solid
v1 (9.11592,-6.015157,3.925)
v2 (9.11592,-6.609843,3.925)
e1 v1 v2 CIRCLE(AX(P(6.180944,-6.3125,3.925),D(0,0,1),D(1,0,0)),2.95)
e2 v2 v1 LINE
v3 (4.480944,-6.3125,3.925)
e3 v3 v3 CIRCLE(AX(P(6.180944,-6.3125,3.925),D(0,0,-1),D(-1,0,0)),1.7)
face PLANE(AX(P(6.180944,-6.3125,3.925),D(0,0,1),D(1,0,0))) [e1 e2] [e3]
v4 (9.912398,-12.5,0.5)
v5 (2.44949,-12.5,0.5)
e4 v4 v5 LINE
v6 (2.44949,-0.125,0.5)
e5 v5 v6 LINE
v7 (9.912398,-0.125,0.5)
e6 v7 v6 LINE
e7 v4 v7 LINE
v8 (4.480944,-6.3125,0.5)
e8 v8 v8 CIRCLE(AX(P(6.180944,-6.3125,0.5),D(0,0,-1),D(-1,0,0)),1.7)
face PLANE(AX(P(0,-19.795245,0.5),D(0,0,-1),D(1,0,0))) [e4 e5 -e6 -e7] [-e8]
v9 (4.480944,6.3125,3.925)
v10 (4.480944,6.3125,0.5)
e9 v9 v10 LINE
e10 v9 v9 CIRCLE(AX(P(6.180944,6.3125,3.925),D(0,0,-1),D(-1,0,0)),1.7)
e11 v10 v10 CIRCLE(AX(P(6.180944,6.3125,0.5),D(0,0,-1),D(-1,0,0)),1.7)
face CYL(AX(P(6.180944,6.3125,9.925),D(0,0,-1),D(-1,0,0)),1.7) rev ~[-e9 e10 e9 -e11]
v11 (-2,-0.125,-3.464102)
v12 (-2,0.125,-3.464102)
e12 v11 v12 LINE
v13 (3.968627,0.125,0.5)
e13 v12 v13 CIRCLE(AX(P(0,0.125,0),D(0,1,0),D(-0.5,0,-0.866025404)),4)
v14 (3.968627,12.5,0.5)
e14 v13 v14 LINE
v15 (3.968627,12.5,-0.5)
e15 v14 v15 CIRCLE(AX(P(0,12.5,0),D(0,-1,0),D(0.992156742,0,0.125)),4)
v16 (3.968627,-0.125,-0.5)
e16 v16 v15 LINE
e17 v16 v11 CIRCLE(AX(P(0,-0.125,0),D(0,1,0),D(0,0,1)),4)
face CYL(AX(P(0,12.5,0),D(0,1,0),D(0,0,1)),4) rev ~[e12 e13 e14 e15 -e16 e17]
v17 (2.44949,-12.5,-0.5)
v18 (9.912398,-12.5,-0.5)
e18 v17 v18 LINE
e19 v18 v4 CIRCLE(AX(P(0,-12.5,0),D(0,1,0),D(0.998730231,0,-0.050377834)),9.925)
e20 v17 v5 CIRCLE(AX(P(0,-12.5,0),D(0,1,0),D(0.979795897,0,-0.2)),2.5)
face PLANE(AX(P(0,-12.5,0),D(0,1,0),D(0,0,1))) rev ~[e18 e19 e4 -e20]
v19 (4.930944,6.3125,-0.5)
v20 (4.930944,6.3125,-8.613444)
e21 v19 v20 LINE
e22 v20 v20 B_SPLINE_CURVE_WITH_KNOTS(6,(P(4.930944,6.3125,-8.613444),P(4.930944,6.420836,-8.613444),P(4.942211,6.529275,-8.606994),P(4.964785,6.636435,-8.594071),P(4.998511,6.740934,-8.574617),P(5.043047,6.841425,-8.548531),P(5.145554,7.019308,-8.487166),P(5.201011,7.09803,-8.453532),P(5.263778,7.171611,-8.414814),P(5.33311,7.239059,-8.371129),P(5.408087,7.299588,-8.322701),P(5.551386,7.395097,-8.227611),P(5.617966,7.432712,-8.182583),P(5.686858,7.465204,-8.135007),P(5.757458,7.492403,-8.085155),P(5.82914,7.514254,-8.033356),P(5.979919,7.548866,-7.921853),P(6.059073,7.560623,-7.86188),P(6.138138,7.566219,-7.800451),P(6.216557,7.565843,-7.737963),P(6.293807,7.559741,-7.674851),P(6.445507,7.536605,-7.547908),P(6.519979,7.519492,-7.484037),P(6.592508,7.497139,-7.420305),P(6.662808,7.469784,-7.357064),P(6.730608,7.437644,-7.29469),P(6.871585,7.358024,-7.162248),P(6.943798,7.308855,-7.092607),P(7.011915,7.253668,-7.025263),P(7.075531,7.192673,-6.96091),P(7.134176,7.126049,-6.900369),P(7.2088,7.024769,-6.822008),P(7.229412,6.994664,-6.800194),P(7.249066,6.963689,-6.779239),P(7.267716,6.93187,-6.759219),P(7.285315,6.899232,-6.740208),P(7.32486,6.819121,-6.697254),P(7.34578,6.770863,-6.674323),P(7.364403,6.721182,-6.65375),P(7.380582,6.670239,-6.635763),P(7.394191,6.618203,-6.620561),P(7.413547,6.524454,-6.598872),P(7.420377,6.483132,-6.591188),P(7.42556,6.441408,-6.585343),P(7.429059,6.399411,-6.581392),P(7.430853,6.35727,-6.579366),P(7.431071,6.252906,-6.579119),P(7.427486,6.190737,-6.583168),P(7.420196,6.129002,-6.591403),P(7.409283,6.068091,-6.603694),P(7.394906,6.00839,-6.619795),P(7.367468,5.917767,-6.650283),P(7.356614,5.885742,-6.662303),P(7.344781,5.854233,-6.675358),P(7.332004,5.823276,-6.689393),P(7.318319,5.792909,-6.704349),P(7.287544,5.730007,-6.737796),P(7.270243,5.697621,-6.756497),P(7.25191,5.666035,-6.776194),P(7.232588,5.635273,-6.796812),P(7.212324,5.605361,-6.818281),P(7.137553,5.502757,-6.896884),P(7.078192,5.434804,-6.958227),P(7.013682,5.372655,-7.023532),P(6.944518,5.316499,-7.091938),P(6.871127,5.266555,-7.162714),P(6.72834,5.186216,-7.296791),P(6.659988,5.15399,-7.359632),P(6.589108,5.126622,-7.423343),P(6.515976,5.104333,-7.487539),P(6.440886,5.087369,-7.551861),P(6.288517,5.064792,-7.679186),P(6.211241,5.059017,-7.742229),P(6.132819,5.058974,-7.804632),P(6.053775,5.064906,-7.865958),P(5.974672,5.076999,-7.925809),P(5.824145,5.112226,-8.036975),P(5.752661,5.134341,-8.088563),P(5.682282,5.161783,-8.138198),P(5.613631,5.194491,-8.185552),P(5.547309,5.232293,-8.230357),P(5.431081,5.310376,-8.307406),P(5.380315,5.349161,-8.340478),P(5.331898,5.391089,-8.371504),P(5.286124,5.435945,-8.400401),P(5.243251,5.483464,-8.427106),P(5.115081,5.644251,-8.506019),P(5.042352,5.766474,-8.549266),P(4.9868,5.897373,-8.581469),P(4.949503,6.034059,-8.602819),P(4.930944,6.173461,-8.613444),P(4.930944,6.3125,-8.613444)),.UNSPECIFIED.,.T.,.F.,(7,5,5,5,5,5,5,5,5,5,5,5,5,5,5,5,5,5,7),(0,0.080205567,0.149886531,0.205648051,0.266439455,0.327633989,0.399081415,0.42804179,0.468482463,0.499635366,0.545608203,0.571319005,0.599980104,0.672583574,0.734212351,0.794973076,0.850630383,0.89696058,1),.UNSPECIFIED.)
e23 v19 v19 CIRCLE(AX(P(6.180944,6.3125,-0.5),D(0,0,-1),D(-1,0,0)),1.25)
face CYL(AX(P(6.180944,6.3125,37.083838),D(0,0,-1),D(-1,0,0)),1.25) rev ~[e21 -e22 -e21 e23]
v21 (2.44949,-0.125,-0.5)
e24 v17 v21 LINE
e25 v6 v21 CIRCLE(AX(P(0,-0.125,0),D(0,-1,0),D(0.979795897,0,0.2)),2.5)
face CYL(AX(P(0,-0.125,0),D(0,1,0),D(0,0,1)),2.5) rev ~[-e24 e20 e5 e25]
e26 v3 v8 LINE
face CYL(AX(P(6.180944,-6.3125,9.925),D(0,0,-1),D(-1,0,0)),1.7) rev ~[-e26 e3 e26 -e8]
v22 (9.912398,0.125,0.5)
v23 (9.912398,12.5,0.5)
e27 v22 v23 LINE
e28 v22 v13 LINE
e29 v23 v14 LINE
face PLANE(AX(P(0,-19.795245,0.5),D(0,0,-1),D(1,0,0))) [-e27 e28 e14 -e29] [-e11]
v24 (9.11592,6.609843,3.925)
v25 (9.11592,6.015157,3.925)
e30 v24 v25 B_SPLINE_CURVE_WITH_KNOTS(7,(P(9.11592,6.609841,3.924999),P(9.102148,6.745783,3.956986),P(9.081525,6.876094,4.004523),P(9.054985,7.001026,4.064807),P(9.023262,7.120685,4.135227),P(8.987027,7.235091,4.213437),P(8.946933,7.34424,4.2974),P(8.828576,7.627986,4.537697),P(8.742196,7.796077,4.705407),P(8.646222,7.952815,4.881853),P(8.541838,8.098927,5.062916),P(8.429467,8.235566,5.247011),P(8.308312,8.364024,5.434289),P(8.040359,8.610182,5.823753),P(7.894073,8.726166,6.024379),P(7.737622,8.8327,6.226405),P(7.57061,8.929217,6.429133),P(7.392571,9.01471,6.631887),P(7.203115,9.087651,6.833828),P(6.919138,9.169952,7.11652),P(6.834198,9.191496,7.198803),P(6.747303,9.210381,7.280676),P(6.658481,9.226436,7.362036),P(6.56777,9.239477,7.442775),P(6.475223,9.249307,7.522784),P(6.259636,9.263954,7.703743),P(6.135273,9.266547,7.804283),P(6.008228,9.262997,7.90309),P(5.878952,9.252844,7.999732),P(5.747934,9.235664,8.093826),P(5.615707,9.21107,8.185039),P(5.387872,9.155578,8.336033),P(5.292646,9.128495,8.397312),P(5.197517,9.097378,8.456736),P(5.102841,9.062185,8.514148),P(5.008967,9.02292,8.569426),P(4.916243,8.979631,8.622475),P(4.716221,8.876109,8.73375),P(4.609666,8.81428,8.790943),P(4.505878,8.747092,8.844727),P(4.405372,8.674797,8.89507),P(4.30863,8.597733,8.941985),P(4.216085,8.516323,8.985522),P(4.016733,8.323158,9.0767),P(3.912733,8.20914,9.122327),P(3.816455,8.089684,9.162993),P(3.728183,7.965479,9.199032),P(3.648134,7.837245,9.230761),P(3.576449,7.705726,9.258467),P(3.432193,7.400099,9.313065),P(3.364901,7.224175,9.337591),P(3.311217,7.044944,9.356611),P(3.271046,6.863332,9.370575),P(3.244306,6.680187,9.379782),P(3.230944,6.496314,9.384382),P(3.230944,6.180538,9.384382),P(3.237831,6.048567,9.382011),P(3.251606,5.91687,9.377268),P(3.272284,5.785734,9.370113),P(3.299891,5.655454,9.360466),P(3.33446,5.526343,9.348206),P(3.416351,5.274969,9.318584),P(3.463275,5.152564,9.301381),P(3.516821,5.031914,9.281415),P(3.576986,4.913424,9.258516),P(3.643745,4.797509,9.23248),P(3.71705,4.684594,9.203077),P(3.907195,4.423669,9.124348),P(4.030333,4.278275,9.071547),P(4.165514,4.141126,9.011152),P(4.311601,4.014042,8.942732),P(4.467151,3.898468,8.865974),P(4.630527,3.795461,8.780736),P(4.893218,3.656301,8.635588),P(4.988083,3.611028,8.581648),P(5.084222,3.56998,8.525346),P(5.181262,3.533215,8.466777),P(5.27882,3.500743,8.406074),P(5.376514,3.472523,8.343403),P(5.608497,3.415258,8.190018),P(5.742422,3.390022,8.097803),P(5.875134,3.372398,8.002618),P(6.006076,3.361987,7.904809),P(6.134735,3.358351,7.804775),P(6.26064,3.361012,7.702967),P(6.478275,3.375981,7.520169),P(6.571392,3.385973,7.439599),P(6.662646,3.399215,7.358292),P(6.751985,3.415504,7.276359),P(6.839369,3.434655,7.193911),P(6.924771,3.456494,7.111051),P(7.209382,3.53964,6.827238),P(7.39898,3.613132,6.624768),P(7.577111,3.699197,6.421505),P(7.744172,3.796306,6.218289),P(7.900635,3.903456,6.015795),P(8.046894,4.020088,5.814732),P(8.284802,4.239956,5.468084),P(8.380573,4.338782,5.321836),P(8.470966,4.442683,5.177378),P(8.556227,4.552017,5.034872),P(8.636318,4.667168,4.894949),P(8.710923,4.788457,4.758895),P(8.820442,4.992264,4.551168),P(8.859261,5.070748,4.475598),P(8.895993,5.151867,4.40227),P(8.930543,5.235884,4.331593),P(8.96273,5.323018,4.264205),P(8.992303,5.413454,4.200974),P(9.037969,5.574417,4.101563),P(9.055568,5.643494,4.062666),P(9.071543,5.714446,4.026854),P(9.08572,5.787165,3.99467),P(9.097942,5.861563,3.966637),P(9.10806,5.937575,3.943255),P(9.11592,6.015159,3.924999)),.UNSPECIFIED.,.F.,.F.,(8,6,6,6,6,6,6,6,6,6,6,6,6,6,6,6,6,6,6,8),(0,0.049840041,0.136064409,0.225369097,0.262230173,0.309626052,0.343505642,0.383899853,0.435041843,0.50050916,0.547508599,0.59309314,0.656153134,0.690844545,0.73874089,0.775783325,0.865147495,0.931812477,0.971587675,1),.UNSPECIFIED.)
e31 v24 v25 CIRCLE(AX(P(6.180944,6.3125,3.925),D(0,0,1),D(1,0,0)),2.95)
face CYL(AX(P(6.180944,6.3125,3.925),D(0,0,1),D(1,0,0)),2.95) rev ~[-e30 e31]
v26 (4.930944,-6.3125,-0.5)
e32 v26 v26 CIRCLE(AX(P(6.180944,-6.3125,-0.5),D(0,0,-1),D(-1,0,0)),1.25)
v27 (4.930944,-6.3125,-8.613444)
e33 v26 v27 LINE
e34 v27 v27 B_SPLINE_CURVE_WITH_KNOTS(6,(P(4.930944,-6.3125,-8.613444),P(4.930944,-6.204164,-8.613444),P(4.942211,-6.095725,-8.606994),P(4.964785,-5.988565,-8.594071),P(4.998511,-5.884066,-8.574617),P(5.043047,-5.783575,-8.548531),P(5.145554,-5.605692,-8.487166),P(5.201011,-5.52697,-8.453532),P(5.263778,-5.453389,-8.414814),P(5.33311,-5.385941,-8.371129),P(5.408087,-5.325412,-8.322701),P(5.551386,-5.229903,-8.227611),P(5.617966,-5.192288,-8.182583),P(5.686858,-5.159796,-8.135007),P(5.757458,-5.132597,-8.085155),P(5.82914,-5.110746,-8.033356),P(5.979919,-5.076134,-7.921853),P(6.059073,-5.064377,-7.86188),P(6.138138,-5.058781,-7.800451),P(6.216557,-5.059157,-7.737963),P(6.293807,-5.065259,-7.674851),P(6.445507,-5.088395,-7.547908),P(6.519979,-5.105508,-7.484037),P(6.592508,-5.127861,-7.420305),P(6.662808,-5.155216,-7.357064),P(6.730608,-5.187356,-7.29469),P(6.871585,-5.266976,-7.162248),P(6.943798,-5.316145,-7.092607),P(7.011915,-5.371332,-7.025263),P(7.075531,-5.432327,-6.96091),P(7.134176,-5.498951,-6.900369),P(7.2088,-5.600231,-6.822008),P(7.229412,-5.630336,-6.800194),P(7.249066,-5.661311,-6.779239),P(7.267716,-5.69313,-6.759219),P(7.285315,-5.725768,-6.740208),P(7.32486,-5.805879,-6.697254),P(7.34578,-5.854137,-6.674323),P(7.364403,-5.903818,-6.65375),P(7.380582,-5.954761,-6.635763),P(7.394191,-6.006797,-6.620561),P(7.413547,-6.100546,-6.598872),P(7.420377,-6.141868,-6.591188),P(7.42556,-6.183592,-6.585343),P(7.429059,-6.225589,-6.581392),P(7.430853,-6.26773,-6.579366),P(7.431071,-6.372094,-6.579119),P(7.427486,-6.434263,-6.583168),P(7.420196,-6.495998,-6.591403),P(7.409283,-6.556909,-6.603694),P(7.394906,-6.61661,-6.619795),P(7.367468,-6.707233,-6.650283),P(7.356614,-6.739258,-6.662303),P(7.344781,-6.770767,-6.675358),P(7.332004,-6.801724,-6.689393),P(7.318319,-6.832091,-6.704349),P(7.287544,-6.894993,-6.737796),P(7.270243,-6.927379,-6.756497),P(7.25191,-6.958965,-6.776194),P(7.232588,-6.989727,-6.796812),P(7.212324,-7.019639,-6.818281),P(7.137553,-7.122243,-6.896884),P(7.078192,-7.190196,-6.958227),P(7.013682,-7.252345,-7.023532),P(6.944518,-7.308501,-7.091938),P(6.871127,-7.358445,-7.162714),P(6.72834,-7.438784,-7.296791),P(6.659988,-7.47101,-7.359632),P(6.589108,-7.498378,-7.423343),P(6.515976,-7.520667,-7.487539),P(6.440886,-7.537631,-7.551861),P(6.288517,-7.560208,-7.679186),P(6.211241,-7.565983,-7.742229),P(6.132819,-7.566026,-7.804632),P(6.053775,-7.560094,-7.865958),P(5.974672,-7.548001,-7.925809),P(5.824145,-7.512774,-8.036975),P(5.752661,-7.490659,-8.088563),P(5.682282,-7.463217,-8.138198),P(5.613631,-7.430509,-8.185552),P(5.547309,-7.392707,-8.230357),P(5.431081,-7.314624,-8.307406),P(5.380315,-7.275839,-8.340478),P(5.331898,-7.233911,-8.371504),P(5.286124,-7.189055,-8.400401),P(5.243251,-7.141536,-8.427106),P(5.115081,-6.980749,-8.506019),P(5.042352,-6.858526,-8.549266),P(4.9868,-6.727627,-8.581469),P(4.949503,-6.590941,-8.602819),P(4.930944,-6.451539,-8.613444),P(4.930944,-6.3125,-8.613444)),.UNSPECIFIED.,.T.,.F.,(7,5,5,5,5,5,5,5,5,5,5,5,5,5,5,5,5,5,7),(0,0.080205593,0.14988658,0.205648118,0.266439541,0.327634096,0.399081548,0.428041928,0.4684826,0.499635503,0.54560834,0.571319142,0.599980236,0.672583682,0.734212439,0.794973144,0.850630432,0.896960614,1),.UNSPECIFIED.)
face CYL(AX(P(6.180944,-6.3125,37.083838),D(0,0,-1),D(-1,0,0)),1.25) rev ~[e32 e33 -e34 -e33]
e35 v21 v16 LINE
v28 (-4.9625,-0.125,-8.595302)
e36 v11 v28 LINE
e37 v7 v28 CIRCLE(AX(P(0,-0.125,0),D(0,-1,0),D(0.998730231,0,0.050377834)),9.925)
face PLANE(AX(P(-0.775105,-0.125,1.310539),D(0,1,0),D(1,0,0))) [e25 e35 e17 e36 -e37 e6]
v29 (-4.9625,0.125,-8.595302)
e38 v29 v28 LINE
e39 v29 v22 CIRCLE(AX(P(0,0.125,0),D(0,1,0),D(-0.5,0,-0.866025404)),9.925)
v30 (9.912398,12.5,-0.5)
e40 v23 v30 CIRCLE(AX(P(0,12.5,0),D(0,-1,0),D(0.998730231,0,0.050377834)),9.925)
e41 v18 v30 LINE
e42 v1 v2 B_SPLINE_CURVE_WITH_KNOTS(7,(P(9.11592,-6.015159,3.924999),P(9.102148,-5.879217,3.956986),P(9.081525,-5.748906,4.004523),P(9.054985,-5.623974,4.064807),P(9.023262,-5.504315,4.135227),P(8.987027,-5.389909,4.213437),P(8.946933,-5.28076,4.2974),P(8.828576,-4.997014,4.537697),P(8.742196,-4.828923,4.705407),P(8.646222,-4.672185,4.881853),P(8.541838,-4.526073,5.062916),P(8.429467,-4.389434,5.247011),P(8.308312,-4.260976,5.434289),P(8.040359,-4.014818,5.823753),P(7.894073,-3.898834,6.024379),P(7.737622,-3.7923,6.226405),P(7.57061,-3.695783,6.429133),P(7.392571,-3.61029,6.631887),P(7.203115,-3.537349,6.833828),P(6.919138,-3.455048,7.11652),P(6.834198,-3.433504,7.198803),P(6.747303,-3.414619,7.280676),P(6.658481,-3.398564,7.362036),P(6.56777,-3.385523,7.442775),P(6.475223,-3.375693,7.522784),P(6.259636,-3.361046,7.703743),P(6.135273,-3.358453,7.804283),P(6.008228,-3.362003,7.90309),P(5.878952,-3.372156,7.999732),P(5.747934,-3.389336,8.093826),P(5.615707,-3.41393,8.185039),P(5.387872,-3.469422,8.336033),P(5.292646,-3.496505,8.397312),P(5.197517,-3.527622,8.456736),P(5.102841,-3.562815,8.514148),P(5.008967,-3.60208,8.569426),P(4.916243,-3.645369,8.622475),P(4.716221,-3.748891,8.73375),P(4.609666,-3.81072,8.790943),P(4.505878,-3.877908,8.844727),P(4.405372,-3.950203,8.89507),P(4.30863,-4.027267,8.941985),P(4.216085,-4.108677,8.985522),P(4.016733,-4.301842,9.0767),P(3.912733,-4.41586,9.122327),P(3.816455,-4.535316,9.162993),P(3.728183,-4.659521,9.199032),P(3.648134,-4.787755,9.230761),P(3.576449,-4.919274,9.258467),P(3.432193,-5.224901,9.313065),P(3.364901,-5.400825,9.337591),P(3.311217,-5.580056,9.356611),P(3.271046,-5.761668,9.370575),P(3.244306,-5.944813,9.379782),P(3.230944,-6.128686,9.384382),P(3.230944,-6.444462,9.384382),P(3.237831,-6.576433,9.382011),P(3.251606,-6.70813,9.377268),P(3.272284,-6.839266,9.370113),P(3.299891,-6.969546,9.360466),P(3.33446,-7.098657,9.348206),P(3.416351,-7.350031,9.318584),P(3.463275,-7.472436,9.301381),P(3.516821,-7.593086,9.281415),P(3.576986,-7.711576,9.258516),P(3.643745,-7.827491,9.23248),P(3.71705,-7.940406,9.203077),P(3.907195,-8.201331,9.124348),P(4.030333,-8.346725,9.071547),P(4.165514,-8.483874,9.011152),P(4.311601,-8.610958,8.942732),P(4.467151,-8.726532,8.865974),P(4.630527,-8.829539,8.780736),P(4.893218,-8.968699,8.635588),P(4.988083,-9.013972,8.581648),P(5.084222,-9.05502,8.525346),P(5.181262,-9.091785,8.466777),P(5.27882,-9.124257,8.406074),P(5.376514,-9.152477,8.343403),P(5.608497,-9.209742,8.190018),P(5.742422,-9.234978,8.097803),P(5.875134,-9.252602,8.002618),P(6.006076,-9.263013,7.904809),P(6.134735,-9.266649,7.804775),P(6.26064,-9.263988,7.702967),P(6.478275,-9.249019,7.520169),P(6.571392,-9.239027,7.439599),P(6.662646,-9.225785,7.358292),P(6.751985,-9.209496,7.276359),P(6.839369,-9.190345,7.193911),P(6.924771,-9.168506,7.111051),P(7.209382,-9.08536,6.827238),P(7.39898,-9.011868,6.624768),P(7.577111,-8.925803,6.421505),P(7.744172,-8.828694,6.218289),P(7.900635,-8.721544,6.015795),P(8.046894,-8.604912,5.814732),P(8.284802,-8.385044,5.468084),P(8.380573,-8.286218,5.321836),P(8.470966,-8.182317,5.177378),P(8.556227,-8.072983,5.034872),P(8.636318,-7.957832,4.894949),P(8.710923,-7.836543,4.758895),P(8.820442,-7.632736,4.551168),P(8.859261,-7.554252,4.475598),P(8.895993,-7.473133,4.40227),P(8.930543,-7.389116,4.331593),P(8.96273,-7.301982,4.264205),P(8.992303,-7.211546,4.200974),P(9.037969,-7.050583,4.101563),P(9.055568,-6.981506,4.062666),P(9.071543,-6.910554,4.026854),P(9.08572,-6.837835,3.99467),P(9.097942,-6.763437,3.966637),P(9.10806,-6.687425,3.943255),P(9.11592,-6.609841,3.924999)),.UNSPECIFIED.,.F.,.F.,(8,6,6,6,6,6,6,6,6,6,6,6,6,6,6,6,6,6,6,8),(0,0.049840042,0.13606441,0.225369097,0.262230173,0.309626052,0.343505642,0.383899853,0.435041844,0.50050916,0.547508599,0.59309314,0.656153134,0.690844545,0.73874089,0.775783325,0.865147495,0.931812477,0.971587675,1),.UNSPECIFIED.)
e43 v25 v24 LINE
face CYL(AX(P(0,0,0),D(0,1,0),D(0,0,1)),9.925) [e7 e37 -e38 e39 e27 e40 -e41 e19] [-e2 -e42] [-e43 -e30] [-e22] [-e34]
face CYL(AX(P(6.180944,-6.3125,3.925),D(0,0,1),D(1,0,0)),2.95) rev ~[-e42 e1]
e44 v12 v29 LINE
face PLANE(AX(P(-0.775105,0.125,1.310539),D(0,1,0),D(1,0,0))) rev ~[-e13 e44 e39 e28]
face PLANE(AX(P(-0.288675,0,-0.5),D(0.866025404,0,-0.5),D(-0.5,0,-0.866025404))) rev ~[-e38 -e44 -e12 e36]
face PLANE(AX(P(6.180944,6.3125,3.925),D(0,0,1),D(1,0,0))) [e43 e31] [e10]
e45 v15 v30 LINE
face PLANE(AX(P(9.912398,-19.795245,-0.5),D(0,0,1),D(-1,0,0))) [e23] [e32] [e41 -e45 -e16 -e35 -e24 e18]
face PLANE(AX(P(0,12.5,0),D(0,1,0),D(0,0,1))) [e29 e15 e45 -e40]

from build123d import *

# Parameters (mm, degrees)
SKETCH1_R                      = 9.925
BOSS_EXTRUDE1_DEPTH            = 12.5
CUT_EXTRUDE5_DEPTH             = 0.125
CUT_EXTRUDE1_REACH             = 30.671
SKETCH3_R                      = 4
SKETCH4_R                      = 2.5
CUT_EXTRUDE2_DEPTH             = 19.878608927
CUT_EXTRUDE6_DEPTH             = 19.795245409
CUT_EXTRUDE6_DEPTH_BACK        = 19.795245409
CBORE_FOR_M3_SHCS1_D           = 3.4
CBORE_FOR_M3_SHCS1_DEPTH       = 9.425
CBORE_FOR_M3_SHCS1_CBORE_D     = 5.9
CBORE_FOR_M3_SHCS1_CBORE_DEPTH = 6
M3X0_5_TAPPED_HOLE1_D          = 2.5


with BuildPart() as part:
    # Sketch1 → Boss-Extrude1 (new, symmetric)
    with BuildSketch(Plane(origin=(0, 0, 0), x_dir=(1, 0, 0), z_dir=(0, 1, 0))):
        with Locations(Location((0, 0, 0), (0, 0, 270))):
            Circle(SKETCH1_R)
    extrude(amount=BOSS_EXTRUDE1_DEPTH, both=True)

    # Sketch10 → Cut-Extrude5 (cut, symmetric)
    with BuildSketch(Plane(origin=(0, 0, 0), x_dir=(1, 0, 0), z_dir=(0, 1, 0))):
        with BuildLine():
            Line((0, -0.5), (0, 0))
            Line((0, 0), (-0.288675135, 0.5))
            Line((-0.288675135, 0.5), (-4.9625, 8.595302133))
            ThreePointArc((-4.9625, 8.595302133), (-5.177499554, -8.467533488), (9.91239754, -0.5))
            Line((9.91239754, -0.5), (0, -0.5))
        make_face()
    extrude(amount=CUT_EXTRUDE5_DEPTH, both=True, mode=Mode.SUBTRACT)

    # Cut-Extrude1: up to this face of the body (flat: up to its plane)
    cut_extrude1_end = Plane(part.part.faces().sort_by_distance((-1.523889636, -0.125, 2.421634097))[0])
    # Sketch3 → Cut-Extrude1 (cut, up to the picked face)
    with BuildSketch(Plane(origin=(0, 12.5, 0), x_dir=(1, 0, 0), z_dir=(0, 1, 0)), mode=Mode.PRIVATE) as cut_extrude1_sk1:
        with Locations(Location((0, 0, 0), (0, 0, 270))):
            Circle(SKETCH3_R)
    cut_extrude1_tool1 = split(extrude(cut_extrude1_sk1.sketch, amount=-CUT_EXTRUDE1_REACH, mode=Mode.PRIVATE), bisect_by=cut_extrude1_end, keep=Keep.BOTH, mode=Mode.PRIVATE)
    add(cut_extrude1_tool1.solids().sort_by(Axis((0, 12.5, 0), (0, -1, 0)))[0], mode=Mode.SUBTRACT)

    # Sketch4 → Cut-Extrude2 (cut, through all)
    with BuildSketch(Plane(origin=(0, -0.125, 0), x_dir=(1, 0, 0), z_dir=(0, 1, 0))):
        with Locations(Location((0, 0, 0), (0, 0, 270))):
            Circle(SKETCH4_R)
    extrude(amount=-CUT_EXTRUDE2_DEPTH, mode=Mode.SUBTRACT)

    # Sketch10<4> → Cut-Extrude6 (cut, two sides: drawn at the far end of the back side and taken through both)
    with BuildSketch(Plane(origin=(0, 0, 0), x_dir=(1, 0, 0), z_dir=(0, 1, 0)).offset(-CUT_EXTRUDE6_DEPTH_BACK)):
        with BuildLine():
            Line((-0.288675135, 0.5), (0, 0))
            Line((0, 0), (0, -0.5))
            Line((0, -0.5), (9.91239754, -0.5))
            ThreePointArc((9.91239754, -0.5), (9.921848885, -0.250079398), (9.925, 0))
            ThreePointArc((9.925, 0), (9.921848885, 0.250079398), (9.91239754, 0.5))
            Line((9.91239754, 0.5), (0, 0.5))
            Line((0, 0.5), (-0.288675135, 0.5))
        make_face()
    extrude(amount=CUT_EXTRUDE6_DEPTH + CUT_EXTRUDE6_DEPTH_BACK, mode=Mode.SUBTRACT)

    # CBORE for M3 SHCS1
    with Locations(Plane.XY.offset(9.925)):
        with Locations((6.180943642, -6.3125), (6.180943642, 6.3125)):
            CounterBoreHole(CBORE_FOR_M3_SHCS1_D / 2, CBORE_FOR_M3_SHCS1_CBORE_D / 2, CBORE_FOR_M3_SHCS1_CBORE_DEPTH, depth=CBORE_FOR_M3_SHCS1_DEPTH)

    # M3x0.5 Tapped Hole1 (through all)
    with Locations(Plane.XY.offset(-0.5)):
        with Locations((6.180943642, 6.3125), (6.180943642, -6.3125)):
            Hole(M3X0_5_TAPPED_HOLE1_D / 2)


solid = part.part
